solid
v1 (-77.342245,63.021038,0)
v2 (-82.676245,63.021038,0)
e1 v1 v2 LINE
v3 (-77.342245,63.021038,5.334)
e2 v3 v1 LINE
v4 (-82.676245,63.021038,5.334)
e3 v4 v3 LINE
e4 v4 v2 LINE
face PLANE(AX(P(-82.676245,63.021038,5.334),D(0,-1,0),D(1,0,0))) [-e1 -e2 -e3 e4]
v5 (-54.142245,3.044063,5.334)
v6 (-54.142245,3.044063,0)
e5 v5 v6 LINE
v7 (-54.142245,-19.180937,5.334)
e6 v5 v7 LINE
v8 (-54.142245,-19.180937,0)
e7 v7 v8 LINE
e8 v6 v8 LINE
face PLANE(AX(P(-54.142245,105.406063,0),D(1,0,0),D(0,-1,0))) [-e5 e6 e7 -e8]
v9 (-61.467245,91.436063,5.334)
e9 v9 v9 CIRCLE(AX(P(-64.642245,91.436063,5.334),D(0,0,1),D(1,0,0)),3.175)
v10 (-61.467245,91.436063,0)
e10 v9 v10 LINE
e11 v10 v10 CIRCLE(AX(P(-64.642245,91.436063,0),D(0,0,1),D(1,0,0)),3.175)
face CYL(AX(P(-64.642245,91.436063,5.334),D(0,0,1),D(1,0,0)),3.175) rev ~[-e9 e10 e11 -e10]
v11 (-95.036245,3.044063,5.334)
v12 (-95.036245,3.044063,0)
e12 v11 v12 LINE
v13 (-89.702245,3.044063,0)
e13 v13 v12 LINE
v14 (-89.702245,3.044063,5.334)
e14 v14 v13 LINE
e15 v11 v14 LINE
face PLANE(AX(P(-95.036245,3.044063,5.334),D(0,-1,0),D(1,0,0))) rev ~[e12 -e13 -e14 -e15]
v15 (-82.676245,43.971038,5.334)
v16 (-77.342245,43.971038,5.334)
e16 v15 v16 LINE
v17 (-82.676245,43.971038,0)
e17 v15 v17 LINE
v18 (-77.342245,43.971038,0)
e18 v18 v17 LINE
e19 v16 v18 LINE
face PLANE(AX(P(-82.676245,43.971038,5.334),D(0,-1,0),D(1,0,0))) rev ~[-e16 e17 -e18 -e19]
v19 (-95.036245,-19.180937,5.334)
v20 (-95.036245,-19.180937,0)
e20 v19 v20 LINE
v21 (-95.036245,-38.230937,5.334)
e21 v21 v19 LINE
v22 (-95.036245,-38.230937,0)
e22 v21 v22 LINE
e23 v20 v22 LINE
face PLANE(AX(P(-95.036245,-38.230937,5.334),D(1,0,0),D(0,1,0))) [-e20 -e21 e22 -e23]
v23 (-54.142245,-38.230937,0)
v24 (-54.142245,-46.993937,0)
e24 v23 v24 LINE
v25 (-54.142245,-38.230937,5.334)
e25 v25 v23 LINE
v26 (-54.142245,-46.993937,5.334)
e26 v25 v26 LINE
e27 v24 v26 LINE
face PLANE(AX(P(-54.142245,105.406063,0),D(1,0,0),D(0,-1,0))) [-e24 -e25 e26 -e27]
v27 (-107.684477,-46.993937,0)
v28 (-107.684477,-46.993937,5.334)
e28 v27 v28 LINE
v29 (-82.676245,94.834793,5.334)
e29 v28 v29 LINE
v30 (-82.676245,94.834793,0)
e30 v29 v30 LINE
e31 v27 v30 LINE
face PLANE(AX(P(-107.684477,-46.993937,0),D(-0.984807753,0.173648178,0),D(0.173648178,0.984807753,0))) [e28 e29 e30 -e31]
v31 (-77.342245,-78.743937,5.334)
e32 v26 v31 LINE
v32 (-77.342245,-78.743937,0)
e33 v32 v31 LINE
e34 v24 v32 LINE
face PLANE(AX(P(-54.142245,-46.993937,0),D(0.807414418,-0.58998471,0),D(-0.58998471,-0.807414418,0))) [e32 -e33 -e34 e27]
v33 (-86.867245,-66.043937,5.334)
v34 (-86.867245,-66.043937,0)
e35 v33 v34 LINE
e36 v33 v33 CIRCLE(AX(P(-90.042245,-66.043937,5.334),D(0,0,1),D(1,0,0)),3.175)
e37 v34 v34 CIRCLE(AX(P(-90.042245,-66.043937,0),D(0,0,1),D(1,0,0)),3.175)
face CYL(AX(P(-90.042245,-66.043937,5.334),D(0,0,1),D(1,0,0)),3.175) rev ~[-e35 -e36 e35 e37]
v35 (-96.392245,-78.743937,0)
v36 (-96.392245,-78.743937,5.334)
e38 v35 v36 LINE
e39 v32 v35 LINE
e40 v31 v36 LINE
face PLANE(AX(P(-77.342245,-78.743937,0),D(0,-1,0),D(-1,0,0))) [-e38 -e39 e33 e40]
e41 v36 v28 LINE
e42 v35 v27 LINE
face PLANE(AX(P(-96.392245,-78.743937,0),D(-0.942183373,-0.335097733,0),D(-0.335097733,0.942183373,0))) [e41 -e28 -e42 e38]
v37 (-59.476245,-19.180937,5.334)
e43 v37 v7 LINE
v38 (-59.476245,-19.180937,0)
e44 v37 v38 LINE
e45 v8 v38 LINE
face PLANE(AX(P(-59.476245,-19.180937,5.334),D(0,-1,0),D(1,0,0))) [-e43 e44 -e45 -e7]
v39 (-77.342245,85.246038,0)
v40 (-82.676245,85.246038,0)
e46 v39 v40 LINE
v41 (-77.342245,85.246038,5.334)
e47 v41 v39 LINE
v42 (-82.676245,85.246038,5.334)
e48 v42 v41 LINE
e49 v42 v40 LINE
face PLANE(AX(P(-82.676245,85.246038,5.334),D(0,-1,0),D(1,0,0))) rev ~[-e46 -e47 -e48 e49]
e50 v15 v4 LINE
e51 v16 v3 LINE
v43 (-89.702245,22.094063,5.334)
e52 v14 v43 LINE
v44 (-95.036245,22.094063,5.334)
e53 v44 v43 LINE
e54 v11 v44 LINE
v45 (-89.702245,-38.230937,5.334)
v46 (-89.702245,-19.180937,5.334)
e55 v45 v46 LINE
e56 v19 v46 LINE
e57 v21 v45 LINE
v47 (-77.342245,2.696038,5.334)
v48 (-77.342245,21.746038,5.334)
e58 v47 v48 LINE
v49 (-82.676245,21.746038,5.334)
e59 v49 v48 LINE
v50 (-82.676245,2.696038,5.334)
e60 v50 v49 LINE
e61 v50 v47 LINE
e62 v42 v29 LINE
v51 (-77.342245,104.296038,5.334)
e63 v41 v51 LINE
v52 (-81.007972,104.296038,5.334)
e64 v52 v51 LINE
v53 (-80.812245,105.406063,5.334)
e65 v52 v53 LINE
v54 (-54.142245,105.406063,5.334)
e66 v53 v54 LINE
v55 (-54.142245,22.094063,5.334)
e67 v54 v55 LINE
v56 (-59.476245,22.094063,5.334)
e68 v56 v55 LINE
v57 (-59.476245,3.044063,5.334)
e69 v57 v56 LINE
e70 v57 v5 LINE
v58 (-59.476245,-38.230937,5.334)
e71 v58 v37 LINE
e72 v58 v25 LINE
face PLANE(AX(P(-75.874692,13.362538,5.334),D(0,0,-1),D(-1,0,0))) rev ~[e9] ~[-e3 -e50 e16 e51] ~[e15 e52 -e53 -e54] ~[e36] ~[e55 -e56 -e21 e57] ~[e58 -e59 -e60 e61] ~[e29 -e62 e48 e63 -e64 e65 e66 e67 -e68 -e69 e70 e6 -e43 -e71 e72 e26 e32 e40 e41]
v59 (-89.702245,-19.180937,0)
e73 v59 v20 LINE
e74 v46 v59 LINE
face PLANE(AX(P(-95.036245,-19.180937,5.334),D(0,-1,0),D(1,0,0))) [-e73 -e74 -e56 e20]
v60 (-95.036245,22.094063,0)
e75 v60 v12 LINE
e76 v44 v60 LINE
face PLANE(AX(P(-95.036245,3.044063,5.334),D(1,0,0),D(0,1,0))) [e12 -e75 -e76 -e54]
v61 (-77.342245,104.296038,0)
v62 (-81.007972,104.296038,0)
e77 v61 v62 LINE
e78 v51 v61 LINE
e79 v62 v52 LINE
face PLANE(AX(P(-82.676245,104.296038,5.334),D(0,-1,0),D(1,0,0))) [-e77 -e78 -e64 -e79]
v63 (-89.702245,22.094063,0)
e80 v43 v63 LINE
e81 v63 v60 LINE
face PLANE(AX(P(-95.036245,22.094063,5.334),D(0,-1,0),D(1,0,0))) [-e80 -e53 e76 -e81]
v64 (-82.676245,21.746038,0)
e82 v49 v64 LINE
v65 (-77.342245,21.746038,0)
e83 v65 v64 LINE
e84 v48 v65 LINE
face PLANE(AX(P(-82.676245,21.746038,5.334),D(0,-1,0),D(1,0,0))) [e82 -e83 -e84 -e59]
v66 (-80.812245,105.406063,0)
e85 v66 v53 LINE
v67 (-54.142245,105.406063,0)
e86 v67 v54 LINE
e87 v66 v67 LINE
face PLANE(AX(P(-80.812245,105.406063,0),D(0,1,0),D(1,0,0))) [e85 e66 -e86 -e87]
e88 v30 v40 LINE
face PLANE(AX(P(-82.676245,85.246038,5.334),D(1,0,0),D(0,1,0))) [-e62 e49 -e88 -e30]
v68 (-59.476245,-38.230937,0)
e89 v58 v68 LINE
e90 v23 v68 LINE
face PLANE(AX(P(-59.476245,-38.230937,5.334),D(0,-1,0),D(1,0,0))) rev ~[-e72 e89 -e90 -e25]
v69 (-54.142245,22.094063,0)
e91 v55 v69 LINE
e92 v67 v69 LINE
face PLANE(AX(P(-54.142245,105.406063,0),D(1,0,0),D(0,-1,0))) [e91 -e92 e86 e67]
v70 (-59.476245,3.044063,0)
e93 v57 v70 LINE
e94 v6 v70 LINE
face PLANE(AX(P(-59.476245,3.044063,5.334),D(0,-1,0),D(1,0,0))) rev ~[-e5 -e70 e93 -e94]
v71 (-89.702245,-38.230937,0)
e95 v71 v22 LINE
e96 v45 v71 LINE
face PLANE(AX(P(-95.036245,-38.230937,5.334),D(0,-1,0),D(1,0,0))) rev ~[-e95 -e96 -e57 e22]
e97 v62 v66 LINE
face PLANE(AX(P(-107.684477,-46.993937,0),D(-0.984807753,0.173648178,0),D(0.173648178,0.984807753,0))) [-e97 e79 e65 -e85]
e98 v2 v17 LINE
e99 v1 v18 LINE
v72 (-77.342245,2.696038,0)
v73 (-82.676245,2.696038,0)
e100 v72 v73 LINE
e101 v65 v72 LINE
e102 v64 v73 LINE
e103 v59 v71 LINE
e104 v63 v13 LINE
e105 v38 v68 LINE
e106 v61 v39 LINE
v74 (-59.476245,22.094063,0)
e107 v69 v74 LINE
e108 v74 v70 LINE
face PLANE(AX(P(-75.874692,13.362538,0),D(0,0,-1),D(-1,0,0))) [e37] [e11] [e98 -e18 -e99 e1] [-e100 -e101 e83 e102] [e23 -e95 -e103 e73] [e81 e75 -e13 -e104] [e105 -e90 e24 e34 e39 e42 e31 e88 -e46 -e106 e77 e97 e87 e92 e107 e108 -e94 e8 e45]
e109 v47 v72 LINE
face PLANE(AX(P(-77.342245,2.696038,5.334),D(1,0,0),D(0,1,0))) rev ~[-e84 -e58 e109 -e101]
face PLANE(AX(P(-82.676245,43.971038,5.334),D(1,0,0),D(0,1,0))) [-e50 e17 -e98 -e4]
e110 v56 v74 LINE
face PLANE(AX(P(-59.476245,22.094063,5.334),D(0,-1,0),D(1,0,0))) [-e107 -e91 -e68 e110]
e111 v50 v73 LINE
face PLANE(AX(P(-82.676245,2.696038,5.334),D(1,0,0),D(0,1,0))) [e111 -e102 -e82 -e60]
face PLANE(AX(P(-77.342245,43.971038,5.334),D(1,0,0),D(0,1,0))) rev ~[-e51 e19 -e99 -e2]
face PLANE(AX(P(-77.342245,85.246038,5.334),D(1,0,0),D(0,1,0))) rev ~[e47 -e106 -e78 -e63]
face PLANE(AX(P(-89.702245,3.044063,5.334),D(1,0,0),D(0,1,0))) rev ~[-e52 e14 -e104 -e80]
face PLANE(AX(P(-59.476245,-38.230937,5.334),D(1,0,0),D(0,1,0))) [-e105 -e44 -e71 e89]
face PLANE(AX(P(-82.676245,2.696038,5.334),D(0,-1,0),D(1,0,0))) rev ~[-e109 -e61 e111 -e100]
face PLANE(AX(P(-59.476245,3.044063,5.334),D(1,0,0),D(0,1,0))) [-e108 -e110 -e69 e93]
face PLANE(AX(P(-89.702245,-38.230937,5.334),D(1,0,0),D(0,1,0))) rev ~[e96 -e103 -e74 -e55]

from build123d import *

# Parameters (mm, degrees)
BODYSHAPE_DEPTH      = 5.334
SKETCH2_W            = 5.334
SKETCH2_H            = 19.05
MOTORMOUNTCUTS_DEPTH = 151.780754949
SKETCH3_R            = 3.175
BOLTHOLES_DEPTH      = 151.780754949
SKETCH4_W            = 5.334
SKETCH4_H            = 19.05
CUT_EXTRUDE3_DEPTH   = 151.780754949


with BuildPart() as part:
    # Sketch1 → BodyShape (new body)
    with BuildSketch(Plane.XY):
        Polygon((-80.812244673, 105.406062542), (-54.142244673, 105.406062542), (-54.142244673, -46.993937458), (-77.342244755, -78.743937458), (-96.392244755, -78.743937458), (-107.684476533, -46.993937458), align=None)
    extrude(amount=BODYSHAPE_DEPTH)

    # Sketch2 → MotorMountCuts (cut, through all)
    with BuildSketch(Plane.XY.offset(5.334)):
        with Locations((-56.809244673, -28.705937458)):
            Rectangle(SKETCH2_W, SKETCH2_H)
        with Locations((-56.809244673, 12.569062542)):
            Rectangle(SKETCH2_W, SKETCH2_H)
        with Locations((-92.369244673, -28.705937458)):
            Rectangle(SKETCH2_W, SKETCH2_H)
        with Locations((-92.369244673, 12.569062542)):
            Rectangle(SKETCH2_W, SKETCH2_H)
    extrude(amount=-MOTORMOUNTCUTS_DEPTH, mode=Mode.SUBTRACT)

    # Sketch3 → BoltHoles (cut, through all)
    with BuildSketch(Plane.XY.offset(5.334)):
        with Locations((-90.042244755, -66.043937458)):
            Circle(SKETCH3_R)
        with Locations((-64.642244755, 91.436062542)):
            Circle(SKETCH3_R)
    extrude(amount=-BOLTHOLES_DEPTH, mode=Mode.SUBTRACT)

    # Sketch4 → Cut-Extrude3 (cut, through all)
    with BuildSketch(Plane.XY.offset(5.334)):
        with Locations((-80.009244755, 94.771037838)):
            Rectangle(SKETCH4_W, SKETCH4_H)
        with Locations((-80.009244755, 53.496037838)):
            Rectangle(SKETCH4_W, SKETCH4_H)
        with Locations((-80.009244755, 12.221037838)):
            Rectangle(SKETCH4_W, SKETCH4_H)
    extrude(amount=-CUT_EXTRUDE3_DEPTH, mode=Mode.SUBTRACT)


solid = part.part
